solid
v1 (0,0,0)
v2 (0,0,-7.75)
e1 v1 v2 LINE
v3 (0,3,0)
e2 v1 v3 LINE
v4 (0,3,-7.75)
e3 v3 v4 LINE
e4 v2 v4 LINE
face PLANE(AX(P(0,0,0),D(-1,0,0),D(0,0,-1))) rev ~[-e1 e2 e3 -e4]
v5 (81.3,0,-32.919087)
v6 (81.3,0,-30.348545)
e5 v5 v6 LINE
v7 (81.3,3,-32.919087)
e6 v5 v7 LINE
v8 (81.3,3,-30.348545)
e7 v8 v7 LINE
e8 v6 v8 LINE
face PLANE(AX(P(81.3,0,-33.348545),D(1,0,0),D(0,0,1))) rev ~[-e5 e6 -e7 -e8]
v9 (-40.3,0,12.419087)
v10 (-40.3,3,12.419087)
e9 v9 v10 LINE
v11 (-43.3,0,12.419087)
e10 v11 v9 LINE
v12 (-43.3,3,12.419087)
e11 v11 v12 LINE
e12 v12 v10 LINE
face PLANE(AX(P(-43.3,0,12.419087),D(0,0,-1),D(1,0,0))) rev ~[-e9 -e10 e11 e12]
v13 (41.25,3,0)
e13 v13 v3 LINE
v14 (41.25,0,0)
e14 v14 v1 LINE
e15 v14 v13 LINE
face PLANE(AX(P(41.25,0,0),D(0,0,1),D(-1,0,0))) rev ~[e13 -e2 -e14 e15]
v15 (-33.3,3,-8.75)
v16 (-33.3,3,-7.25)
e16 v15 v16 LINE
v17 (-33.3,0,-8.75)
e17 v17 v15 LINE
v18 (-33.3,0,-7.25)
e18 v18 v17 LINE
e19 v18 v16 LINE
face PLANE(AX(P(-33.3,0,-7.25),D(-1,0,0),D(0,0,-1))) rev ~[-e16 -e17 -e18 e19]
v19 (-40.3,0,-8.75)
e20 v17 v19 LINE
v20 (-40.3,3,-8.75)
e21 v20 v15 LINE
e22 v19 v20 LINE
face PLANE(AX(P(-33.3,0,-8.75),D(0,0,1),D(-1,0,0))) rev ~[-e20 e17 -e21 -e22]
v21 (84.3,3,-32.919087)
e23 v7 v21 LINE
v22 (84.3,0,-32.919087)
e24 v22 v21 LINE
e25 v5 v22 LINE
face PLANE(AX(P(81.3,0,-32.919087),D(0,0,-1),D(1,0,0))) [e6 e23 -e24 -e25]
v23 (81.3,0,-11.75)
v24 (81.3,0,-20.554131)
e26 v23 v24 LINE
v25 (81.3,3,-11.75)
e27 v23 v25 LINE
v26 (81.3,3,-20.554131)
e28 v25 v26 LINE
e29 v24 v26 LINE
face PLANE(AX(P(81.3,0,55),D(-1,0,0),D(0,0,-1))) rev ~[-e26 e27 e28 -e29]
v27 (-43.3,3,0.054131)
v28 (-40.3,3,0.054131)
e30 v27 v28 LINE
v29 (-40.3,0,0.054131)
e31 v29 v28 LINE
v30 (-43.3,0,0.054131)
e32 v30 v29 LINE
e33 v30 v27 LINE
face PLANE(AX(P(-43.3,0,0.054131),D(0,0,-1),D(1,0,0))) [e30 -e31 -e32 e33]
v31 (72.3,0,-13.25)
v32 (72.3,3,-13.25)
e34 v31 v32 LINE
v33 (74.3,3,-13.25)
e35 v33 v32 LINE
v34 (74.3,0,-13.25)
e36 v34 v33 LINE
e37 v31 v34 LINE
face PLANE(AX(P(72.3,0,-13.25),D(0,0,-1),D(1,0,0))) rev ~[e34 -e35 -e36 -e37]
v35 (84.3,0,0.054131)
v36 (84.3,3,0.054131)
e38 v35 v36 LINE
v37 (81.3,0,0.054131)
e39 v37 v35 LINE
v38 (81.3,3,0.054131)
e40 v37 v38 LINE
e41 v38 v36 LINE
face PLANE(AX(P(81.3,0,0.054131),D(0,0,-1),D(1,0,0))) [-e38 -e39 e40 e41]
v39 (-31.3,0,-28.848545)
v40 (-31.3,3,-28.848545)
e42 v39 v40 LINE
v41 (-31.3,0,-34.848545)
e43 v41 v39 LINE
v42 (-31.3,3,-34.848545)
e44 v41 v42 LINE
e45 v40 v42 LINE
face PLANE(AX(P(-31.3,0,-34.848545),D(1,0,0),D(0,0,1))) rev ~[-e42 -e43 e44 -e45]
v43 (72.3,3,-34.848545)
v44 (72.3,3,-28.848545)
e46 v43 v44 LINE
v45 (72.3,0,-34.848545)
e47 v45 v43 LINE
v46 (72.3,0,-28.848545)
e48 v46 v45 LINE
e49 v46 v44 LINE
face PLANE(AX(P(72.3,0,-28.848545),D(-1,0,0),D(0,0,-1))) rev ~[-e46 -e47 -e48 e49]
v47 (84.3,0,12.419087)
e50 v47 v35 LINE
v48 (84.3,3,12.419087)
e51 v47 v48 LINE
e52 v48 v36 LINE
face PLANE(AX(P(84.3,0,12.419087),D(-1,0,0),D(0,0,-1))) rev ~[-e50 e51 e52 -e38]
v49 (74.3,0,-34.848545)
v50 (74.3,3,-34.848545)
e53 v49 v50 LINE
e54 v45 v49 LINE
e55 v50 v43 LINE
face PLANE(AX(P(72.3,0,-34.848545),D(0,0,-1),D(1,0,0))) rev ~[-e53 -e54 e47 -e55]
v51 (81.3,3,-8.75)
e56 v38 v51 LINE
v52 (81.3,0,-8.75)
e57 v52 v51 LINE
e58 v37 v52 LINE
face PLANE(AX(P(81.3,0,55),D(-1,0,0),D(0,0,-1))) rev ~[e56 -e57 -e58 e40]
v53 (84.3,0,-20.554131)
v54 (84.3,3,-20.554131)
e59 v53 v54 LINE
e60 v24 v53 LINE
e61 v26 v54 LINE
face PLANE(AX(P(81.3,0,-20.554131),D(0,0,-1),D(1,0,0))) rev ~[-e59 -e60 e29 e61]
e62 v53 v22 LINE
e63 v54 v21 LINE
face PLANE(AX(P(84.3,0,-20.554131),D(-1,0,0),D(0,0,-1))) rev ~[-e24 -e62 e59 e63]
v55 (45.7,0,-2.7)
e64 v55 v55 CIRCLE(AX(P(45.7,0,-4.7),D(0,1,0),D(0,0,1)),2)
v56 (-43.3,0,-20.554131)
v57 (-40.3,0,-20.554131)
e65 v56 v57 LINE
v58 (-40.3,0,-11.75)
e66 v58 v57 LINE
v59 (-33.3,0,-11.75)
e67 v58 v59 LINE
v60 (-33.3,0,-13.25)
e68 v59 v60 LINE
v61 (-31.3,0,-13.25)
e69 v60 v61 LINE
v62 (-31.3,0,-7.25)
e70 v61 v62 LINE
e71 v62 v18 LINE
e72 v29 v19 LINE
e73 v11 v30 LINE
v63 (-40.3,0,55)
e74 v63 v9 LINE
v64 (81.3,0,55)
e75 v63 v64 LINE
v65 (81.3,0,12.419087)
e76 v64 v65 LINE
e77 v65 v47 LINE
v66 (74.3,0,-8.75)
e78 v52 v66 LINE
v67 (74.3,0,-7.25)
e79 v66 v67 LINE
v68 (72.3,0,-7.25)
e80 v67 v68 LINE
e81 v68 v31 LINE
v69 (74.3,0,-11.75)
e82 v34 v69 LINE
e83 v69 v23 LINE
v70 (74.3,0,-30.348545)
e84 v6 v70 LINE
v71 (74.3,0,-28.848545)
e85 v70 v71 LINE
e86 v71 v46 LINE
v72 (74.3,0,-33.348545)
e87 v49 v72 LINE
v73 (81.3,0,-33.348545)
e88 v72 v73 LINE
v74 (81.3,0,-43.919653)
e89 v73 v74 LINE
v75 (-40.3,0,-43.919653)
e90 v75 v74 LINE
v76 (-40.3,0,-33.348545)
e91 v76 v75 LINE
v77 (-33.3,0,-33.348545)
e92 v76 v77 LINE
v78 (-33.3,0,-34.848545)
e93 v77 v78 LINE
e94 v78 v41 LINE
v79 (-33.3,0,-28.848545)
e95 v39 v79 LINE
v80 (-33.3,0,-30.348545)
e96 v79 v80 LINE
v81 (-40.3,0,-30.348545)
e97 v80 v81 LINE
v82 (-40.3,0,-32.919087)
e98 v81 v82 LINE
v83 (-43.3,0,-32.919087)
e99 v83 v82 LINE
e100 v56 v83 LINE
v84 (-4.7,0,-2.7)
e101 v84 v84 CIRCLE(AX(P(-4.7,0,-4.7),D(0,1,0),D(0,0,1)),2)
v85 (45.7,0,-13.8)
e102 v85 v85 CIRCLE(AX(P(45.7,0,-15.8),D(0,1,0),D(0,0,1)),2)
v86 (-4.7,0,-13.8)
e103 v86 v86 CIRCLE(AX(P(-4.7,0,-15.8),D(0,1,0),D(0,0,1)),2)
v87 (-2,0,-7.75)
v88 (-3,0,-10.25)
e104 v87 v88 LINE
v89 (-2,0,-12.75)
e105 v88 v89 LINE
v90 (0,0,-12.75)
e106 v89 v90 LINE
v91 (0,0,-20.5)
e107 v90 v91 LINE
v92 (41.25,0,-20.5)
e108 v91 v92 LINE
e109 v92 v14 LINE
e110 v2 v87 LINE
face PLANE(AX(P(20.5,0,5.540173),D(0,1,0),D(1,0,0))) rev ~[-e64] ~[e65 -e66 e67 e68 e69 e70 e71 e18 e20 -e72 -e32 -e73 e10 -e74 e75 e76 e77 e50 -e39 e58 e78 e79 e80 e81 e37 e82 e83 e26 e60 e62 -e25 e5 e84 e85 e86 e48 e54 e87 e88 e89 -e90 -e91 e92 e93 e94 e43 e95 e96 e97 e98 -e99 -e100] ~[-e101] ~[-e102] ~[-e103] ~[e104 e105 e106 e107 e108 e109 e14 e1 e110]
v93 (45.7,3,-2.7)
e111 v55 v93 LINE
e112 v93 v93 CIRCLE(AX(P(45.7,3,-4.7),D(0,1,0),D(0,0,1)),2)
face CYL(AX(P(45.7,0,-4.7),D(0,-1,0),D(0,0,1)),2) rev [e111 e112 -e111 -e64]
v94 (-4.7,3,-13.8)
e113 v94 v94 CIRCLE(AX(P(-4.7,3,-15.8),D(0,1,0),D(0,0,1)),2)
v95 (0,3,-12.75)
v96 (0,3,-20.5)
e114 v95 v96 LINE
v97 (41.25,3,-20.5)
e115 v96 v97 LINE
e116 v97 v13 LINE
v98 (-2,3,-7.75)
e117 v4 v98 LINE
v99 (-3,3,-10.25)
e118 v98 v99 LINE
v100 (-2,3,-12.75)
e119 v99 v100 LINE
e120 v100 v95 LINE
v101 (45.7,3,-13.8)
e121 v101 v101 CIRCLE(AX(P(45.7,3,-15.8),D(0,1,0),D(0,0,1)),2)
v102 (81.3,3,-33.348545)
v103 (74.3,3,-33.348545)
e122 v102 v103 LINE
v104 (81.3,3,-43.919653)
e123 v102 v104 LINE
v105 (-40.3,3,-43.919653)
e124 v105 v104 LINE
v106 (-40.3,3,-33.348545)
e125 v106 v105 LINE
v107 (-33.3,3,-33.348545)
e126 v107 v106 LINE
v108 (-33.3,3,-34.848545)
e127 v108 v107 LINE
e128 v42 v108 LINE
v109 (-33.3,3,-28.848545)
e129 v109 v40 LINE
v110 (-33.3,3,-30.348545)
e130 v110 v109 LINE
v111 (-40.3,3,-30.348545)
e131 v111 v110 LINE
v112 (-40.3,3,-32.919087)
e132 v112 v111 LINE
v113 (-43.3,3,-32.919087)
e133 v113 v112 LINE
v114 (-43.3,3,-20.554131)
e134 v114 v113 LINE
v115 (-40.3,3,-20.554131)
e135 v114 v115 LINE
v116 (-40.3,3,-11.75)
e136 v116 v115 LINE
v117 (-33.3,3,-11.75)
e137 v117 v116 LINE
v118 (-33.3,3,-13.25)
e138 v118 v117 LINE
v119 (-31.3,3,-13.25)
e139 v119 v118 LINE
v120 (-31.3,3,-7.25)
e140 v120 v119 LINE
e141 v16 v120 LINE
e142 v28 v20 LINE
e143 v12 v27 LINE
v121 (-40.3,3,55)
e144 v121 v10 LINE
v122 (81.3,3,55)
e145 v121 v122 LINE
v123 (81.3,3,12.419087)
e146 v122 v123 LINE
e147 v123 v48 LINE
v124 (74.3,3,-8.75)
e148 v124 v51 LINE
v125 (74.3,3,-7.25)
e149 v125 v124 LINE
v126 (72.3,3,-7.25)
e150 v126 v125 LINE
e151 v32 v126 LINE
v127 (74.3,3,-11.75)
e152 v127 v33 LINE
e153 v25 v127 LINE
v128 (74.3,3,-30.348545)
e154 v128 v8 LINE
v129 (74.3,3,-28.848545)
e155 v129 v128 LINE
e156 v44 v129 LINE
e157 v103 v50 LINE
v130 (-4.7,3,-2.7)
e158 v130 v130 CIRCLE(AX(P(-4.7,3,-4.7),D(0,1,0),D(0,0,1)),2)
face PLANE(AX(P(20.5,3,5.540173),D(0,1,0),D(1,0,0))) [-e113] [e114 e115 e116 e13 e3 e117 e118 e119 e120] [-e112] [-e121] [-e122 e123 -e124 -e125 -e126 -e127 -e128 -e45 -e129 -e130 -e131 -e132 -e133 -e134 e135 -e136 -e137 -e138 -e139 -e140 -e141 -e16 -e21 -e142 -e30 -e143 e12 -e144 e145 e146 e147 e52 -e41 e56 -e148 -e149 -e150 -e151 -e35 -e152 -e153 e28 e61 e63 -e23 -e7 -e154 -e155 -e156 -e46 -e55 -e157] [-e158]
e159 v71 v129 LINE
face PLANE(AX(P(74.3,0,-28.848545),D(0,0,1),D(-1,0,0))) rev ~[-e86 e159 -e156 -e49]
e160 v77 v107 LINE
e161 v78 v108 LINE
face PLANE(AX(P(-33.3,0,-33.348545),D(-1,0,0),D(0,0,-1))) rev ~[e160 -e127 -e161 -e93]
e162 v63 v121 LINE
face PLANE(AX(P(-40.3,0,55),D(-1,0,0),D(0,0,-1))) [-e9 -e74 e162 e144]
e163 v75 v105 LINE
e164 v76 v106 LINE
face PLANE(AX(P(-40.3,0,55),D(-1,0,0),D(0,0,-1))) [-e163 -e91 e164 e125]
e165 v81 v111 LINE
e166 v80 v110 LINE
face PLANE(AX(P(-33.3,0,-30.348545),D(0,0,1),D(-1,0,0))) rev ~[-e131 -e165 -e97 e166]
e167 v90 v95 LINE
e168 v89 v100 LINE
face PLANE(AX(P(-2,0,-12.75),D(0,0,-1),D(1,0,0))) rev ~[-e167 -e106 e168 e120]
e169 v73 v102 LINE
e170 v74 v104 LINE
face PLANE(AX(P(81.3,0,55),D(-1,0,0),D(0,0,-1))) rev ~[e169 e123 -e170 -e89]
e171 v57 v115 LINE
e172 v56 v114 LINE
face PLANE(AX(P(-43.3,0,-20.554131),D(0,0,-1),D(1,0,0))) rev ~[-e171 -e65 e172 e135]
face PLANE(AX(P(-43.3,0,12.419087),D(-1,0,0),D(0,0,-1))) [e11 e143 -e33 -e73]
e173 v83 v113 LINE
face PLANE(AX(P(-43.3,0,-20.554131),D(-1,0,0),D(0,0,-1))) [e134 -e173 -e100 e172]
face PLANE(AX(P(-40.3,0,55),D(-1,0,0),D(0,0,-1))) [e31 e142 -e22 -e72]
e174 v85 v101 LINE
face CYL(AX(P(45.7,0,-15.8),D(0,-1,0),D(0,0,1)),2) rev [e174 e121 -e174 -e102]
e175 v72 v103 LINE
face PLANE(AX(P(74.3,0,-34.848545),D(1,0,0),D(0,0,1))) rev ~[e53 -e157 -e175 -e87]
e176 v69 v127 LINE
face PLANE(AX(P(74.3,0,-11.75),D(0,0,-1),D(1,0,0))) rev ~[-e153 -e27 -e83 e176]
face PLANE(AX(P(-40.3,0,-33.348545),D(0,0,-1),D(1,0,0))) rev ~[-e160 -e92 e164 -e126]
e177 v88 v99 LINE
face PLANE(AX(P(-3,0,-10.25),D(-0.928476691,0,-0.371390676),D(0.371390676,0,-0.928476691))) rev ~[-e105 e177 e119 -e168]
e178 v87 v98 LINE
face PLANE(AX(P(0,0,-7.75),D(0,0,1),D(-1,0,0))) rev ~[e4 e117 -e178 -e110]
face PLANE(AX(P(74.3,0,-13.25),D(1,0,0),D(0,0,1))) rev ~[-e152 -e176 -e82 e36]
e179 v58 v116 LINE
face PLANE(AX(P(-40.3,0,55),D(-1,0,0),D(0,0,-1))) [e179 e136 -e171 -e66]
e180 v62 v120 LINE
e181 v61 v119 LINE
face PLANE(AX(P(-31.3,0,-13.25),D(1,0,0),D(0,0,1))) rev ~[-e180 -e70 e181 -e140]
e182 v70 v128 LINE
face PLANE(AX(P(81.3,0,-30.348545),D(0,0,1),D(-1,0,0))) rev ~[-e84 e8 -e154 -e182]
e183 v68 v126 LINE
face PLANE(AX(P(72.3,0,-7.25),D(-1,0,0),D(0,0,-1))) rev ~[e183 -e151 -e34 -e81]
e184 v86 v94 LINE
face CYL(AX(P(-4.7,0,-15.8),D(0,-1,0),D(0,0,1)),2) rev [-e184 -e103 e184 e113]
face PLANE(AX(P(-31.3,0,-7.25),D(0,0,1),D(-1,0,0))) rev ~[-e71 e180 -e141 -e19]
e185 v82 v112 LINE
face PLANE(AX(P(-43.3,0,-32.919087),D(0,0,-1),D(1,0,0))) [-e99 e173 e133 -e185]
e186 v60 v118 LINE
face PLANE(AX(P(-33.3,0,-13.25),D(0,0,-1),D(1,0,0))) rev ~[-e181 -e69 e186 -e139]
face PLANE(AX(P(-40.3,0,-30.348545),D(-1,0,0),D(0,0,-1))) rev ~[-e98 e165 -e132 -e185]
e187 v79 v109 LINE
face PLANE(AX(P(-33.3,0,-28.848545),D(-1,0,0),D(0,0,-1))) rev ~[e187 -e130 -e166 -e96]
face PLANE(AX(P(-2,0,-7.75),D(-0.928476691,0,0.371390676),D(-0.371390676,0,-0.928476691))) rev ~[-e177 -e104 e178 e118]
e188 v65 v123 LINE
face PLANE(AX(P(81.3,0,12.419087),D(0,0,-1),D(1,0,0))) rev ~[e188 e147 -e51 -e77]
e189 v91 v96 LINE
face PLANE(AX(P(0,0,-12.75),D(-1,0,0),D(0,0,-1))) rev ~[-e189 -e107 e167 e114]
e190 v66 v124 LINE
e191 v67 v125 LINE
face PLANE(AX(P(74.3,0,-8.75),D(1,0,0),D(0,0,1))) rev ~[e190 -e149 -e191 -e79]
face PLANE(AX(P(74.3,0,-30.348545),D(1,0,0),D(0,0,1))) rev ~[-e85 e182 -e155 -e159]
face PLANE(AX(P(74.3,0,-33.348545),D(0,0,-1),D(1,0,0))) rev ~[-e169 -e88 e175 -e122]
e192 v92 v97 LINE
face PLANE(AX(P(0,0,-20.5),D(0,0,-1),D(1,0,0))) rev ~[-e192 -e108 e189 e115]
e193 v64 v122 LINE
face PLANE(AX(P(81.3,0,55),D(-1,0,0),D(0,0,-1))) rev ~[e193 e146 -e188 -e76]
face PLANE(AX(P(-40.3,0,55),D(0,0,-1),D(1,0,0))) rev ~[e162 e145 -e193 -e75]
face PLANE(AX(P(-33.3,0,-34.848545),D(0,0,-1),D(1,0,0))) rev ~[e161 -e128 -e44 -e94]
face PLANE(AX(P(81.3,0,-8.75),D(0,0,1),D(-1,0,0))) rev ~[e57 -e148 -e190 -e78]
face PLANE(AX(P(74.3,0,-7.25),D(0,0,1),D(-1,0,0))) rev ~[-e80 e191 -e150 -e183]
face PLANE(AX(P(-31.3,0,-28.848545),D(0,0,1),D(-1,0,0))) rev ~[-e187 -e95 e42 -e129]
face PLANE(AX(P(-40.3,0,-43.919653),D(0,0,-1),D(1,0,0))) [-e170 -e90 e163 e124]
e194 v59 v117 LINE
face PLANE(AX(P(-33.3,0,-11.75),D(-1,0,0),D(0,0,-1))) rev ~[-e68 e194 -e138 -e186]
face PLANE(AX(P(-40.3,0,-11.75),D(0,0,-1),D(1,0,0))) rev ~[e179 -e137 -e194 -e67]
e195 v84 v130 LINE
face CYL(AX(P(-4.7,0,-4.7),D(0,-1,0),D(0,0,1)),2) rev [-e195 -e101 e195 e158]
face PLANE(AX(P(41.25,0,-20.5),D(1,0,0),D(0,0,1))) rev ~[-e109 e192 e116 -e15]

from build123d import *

# Parameters (mm, degrees)
SKETCH2_W           = 121.6
SKETCH2_H           = 98.919653249
SKETCH2_R           = 2
BOSS_EXTRUDE1_DEPTH = 3
SKETCH3_W           = 3
SKETCH3_H           = 12.364956656
BOSS_EXTRUDE2_DEPTH = 3
CUT_EXTRUDE1_DEPTH  = 101.7


with BuildPart() as part:
    # Sketch2 → Boss-Extrude1 (new body)
    with BuildSketch(Plane(origin=(0, 0, 0), x_dir=(1, 0, 0), z_dir=(0, 1, 0))):
        with Locations((20.5, -5.540173376)):
            Rectangle(SKETCH2_W, SKETCH2_H)
        Polygon((41.25, 0), (0, 0), (0, 7.75), (-2, 7.75), (-3, 10.25), (-2, 12.75), (0, 12.75), (0, 20.5), (41.25, 20.5), align=None, mode=Mode.SUBTRACT)
        with Locations(Location((-4.7, 4.7, 0), (0, 0, 270))):
            Circle(SKETCH2_R, mode=Mode.SUBTRACT)
        with Locations(Location((-4.7, 15.8, 0), (0, 0, 270))):
            Circle(SKETCH2_R, mode=Mode.SUBTRACT)
        with Locations(Location((45.7, 4.7, 0), (0, 0, 270))):
            Circle(SKETCH2_R, mode=Mode.SUBTRACT)
        with Locations(Location((45.7, 15.8, 0), (0, 0, 270))):
            Circle(SKETCH2_R, mode=Mode.SUBTRACT)
    extrude(amount=BOSS_EXTRUDE1_DEPTH)

    # Sketch3 → Boss-Extrude2 (add, through all)
    with BuildSketch(Plane(origin=(0, 0, 0), x_dir=(1, 0, 0), z_dir=(0, 1, 0))):
        with Locations((-41.8, 26.736608875)):
            Rectangle(SKETCH3_W, SKETCH3_H)
        with Locations((-41.8, -6.236608875)):
            Rectangle(SKETCH3_W, SKETCH3_H)
        with Locations((82.8, -6.236608875)):
            Rectangle(SKETCH3_W, SKETCH3_H)
        with Locations((82.8, 26.736608875)):
            Rectangle(SKETCH3_W, SKETCH3_H)
    extrude(amount=BOSS_EXTRUDE2_DEPTH)

    # Sketch4 → Cut-Extrude1 (cut, through all)
    with BuildSketch(Plane(origin=(0, 0, 0), x_dir=(1, 0, 0), z_dir=(0, 1, 0))):
        Polygon((81.3, 8.75), (74.3, 8.75), (74.3, 7.25), (72.3, 7.25), (72.3, 13.25), (74.3, 13.25), (74.3, 11.75), (81.3, 11.75), align=None)
        Polygon((81.3, 30.348544885), (74.3, 30.348544885), (74.3, 28.848544885), (72.3, 28.848544885), (72.3, 34.848544885), (74.3, 34.848544885), (74.3, 33.348544885), (81.3, 33.348544885), align=None)
        Polygon((-40.3, 30.348544885), (-40.3, 33.348544885), (-33.3, 33.348544885), (-33.3, 34.848544885), (-31.3, 34.848544885), (-31.3, 28.848544885), (-33.3, 28.848544885), (-33.3, 30.348544885), align=None)
        Polygon((-40.3, 8.75), (-40.3, 11.75), (-33.3, 11.75), (-33.3, 13.25), (-31.3, 13.25), (-31.3, 7.25), (-33.3, 7.25), (-33.3, 8.75), align=None)
    extrude(amount=CUT_EXTRUDE1_DEPTH, mode=Mode.SUBTRACT)


solid = part.part
